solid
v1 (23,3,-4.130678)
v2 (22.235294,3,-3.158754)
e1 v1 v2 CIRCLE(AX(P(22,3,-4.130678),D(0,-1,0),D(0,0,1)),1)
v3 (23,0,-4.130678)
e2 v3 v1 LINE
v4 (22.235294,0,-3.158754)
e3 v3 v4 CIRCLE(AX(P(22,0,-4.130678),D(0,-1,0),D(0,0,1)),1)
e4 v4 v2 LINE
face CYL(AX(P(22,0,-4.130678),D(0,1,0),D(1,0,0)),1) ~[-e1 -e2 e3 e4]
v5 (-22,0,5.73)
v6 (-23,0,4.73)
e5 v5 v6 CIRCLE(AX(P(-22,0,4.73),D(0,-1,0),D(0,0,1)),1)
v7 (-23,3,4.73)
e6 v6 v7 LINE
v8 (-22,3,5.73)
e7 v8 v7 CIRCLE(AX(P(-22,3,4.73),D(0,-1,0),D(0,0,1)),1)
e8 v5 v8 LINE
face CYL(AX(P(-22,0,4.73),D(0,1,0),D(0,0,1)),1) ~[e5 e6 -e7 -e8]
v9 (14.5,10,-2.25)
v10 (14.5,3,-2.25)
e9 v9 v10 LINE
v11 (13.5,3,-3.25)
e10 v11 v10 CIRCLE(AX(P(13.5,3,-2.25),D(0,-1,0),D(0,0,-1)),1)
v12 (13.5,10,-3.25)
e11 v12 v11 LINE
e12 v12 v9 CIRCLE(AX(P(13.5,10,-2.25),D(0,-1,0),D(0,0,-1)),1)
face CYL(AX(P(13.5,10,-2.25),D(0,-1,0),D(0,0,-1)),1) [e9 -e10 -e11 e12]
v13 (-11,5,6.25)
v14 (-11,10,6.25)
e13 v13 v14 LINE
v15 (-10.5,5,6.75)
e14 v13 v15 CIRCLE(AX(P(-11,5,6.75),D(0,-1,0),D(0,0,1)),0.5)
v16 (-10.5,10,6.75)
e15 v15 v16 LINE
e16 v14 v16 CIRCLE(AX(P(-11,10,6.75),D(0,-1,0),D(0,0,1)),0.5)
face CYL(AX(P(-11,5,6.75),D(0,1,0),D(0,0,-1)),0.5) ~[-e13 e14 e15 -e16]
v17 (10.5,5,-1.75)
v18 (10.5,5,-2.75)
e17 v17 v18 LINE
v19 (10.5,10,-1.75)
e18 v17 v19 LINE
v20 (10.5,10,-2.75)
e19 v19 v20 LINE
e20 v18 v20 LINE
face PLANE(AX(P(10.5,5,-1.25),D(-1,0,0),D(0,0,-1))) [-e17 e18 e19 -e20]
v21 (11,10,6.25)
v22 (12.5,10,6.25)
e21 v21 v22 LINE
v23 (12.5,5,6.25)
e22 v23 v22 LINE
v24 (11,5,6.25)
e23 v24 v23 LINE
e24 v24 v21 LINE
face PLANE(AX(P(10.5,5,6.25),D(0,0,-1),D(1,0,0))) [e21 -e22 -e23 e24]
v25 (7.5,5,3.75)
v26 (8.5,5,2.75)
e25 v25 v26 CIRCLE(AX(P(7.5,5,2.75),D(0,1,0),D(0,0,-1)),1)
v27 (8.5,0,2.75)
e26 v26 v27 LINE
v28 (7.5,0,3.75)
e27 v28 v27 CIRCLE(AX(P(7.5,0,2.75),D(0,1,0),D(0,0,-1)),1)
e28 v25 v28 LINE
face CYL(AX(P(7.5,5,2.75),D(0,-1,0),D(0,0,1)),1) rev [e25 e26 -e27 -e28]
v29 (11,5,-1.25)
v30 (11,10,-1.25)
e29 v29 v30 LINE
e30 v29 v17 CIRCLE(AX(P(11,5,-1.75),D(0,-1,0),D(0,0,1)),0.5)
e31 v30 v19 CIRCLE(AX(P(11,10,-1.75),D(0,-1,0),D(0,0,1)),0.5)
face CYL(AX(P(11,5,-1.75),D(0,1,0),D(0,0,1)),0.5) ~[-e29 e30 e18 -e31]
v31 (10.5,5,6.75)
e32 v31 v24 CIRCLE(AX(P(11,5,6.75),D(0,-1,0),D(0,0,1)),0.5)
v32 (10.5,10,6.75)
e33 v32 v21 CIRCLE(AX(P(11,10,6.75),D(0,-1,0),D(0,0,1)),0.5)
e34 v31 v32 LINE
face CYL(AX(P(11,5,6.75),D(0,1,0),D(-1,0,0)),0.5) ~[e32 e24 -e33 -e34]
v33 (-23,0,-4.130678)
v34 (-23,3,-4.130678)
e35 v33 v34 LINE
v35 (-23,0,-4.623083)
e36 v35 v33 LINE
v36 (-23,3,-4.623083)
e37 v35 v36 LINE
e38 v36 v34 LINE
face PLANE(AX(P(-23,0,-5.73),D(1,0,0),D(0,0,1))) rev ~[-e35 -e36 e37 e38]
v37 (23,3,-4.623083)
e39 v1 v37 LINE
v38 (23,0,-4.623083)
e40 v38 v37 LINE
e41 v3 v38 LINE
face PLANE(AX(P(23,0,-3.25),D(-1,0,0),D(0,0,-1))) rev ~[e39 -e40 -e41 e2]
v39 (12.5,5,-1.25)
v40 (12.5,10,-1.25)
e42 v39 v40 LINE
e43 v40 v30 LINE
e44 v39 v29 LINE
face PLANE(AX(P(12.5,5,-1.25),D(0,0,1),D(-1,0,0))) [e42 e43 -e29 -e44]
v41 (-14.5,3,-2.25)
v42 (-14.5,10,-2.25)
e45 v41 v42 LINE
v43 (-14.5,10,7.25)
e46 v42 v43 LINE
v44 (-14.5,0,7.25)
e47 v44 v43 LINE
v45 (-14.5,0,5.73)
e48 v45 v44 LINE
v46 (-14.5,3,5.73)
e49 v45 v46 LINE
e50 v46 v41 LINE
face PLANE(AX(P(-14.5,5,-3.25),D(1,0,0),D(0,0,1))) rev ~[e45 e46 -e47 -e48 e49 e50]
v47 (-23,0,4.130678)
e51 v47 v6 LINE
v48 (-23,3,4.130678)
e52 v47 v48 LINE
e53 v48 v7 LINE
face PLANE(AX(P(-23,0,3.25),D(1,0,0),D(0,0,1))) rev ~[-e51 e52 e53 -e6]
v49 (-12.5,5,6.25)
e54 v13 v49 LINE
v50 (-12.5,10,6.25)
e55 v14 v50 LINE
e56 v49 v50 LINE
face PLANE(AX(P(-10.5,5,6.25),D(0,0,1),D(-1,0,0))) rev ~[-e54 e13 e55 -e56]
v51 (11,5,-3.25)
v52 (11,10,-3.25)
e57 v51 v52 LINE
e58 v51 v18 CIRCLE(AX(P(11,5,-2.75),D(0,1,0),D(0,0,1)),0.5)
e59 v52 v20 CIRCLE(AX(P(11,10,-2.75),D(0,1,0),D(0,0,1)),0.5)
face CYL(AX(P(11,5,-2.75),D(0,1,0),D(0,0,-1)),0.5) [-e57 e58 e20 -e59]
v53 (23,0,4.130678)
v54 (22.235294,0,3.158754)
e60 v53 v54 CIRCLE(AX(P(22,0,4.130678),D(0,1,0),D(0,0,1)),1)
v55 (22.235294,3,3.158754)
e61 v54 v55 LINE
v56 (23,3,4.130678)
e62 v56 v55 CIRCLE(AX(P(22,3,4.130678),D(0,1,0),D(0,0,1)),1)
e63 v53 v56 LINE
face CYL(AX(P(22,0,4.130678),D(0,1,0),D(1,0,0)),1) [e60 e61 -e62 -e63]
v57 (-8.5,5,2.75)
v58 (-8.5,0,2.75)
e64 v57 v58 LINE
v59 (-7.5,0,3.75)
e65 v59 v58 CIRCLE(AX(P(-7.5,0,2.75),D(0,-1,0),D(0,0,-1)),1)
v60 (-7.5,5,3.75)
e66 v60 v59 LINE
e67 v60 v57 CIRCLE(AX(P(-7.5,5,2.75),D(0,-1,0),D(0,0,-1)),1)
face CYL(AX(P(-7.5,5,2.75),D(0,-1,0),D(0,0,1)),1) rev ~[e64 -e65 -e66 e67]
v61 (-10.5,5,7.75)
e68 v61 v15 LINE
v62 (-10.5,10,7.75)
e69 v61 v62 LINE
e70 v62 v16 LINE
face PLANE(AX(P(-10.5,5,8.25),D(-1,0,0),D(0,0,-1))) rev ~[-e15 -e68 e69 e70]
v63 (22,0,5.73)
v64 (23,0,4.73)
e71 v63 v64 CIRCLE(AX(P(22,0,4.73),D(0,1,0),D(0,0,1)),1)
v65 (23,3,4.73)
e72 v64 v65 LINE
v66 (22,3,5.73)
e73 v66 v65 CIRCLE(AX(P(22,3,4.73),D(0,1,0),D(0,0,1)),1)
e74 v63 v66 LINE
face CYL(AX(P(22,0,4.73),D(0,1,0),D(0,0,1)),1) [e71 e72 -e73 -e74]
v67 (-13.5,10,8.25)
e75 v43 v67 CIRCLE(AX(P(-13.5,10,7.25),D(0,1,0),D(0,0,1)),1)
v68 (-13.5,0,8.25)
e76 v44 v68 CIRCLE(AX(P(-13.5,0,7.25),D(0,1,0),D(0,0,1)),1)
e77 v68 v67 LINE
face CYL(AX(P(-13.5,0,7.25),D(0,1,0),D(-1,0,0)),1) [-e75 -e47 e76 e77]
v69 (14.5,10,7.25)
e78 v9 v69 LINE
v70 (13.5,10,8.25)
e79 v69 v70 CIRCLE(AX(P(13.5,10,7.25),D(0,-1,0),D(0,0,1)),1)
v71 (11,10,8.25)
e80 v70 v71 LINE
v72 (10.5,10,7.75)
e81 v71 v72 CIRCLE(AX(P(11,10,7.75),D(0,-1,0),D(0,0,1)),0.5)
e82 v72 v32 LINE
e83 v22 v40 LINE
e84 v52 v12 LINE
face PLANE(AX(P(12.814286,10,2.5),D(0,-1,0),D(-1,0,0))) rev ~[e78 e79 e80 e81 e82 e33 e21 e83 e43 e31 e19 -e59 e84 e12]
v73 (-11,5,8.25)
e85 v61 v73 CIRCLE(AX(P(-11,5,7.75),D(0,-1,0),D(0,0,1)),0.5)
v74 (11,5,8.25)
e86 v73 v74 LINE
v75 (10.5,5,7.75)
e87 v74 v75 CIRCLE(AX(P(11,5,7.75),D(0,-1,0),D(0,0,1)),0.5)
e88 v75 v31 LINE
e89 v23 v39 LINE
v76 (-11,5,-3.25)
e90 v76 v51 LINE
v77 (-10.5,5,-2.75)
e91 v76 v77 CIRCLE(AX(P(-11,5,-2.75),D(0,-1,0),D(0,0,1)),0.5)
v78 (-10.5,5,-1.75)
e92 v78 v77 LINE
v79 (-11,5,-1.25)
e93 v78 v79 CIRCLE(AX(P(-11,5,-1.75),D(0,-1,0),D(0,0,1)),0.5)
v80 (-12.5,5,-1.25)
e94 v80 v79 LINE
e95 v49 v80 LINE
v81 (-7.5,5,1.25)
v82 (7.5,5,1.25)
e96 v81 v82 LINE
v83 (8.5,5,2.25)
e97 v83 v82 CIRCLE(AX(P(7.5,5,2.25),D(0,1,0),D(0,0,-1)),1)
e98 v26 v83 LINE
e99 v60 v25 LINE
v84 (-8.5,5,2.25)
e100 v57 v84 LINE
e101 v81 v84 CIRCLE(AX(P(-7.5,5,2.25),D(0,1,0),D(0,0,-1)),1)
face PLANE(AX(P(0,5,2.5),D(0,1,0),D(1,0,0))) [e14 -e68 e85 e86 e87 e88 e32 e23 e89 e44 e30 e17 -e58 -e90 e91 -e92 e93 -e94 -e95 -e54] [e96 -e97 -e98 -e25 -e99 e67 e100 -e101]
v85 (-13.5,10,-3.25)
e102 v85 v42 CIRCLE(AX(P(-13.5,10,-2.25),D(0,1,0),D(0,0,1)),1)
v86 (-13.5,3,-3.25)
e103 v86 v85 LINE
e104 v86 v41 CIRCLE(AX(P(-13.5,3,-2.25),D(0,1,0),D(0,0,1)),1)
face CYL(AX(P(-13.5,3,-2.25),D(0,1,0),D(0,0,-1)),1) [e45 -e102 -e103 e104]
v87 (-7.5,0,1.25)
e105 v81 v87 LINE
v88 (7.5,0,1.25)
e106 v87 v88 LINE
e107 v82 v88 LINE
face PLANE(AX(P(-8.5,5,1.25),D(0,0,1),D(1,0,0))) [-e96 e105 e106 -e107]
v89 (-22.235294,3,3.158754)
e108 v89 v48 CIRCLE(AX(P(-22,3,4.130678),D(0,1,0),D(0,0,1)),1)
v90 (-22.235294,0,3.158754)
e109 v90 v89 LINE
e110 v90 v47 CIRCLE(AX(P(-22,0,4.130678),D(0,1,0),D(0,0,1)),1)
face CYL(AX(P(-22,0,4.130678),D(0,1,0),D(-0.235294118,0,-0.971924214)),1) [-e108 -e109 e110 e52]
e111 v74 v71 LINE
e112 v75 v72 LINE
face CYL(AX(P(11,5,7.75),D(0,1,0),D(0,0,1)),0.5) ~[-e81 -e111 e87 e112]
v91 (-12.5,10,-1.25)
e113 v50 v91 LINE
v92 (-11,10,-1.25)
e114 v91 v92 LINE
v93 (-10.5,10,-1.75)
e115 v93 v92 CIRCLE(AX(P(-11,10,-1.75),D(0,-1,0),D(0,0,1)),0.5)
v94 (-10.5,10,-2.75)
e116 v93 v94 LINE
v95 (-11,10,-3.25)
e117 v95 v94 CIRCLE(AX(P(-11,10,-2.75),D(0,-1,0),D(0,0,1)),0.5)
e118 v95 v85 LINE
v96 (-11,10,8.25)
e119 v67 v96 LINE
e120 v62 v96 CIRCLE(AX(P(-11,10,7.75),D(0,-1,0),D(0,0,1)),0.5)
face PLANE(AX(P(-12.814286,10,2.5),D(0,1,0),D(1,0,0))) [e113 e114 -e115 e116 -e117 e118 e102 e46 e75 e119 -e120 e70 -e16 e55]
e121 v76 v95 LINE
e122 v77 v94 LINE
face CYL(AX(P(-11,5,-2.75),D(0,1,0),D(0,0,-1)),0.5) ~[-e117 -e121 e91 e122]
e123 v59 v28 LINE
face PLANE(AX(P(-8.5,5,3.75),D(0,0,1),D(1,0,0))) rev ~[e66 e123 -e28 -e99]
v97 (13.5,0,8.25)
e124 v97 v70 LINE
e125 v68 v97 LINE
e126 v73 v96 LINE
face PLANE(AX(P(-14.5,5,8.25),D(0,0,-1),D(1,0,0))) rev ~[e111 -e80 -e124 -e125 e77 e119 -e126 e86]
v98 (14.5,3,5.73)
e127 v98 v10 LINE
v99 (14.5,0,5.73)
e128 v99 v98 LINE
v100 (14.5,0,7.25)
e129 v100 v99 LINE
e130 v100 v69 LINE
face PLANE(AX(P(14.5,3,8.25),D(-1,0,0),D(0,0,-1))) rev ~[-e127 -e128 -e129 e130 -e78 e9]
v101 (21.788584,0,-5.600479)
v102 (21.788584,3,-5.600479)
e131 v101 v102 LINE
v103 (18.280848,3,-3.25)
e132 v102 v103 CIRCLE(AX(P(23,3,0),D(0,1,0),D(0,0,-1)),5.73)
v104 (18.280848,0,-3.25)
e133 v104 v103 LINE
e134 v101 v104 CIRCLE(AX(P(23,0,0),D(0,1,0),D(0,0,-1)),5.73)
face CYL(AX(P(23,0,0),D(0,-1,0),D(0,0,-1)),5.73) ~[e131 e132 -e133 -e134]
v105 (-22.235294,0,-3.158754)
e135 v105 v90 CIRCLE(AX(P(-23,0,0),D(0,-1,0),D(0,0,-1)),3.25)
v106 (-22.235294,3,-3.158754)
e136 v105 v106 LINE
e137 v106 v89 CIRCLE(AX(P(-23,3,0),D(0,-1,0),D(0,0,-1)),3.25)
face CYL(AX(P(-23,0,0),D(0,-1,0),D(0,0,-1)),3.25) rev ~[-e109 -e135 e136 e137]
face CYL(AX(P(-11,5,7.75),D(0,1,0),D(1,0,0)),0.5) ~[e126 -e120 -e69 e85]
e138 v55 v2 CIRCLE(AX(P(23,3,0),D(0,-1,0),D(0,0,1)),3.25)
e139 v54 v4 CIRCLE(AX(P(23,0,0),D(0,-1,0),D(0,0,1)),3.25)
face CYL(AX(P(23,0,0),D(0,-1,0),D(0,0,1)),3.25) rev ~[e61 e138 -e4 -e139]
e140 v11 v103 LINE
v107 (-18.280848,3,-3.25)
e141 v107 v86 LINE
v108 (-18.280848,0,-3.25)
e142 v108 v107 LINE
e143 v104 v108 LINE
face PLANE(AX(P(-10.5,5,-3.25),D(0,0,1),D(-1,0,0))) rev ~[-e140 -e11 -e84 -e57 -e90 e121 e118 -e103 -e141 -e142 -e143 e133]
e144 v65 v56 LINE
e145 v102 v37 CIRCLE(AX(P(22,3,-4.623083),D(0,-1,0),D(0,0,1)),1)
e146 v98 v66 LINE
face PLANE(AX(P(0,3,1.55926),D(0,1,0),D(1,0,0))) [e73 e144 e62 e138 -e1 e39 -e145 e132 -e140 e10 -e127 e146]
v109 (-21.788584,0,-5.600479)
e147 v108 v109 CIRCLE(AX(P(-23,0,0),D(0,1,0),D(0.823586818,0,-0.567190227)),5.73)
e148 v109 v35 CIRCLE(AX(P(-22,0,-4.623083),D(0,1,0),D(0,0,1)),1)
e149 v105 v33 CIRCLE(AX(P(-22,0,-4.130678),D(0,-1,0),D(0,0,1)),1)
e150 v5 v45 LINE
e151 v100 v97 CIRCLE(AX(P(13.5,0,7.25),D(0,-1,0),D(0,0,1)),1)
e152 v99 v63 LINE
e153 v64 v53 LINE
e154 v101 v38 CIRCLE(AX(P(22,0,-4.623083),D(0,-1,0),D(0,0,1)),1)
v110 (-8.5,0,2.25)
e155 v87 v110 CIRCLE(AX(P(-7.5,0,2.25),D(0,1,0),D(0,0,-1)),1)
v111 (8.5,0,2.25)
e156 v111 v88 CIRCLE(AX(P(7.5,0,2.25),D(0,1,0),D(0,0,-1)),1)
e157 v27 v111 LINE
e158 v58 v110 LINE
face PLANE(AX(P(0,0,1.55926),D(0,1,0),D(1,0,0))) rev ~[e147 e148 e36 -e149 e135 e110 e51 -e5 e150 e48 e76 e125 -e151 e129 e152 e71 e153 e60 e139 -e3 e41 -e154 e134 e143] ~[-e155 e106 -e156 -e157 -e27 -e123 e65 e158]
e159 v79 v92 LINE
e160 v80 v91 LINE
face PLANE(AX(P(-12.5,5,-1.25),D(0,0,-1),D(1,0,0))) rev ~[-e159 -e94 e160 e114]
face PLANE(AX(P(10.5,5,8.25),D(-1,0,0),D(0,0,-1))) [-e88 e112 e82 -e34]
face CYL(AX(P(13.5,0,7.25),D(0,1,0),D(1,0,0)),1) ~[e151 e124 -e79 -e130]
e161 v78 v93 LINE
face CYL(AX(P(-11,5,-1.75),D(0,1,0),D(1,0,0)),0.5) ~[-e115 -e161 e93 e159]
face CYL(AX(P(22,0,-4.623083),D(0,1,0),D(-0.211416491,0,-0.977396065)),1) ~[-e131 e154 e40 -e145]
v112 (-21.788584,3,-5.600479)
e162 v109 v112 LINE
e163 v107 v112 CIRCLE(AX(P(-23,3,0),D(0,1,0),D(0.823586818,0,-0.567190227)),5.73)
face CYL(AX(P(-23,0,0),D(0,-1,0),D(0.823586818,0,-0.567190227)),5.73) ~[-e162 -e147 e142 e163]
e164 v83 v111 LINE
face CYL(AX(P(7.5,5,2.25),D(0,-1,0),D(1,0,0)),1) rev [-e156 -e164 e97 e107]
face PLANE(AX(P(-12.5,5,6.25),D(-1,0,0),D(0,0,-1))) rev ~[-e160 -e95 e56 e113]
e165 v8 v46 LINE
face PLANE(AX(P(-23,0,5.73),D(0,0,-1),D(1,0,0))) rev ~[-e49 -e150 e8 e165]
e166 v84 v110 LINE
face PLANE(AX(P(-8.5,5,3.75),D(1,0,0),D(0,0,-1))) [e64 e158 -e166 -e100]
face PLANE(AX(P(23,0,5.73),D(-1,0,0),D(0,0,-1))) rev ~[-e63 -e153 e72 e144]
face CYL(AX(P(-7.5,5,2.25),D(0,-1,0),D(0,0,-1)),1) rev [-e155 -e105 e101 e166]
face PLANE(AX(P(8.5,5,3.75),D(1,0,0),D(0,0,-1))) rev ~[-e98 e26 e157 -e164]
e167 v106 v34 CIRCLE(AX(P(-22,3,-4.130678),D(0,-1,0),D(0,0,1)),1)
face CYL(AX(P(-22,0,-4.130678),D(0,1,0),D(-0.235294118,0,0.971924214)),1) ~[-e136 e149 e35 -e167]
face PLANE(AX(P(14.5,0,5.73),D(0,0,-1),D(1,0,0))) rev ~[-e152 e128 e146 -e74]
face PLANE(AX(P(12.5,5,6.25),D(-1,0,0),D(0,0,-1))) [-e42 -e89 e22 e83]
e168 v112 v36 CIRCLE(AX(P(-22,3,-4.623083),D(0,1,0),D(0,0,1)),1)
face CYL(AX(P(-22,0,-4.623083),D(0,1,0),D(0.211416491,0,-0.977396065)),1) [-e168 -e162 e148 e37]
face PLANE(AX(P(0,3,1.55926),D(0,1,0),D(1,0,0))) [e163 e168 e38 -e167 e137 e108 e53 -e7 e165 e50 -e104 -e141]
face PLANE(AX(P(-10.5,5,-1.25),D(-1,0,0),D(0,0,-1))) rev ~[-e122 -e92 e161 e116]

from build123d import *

# Parameters (mm, degrees)
MAIN_BODY_DEPTH            = 3
SKETCH2_W                  = 29
SKETCH2_H                  = 11.5
FAN_OFFSET_DEPTH           = 2
FAN_FRAME_DEPTH            = 5
SKETCH4_W                  = 17
SKETCH4_H                  = 2.5
SPEED_HOLE_DEPTH           = 6
CONTOURING_R               = 1
FIT_CLEARANCE_CONTOURING_R = 0.5


with BuildPart() as part:
    # Sketch1 → Main Body (new body)
    with BuildSketch(Plane(origin=(0, 0, 0), x_dir=(1, 0, 0), z_dir=(0, 1, 0))):
        with BuildLine():
            Line((-23, -3.25), (-23, -5.73))
            Line((-23, -5.73), (-14.5, -5.73))
            Line((-14.5, -5.73), (-14.5, -8.25))
            Line((-14.5, -8.25), (14.5, -8.25))
            Line((14.5, -8.25), (14.5, -5.73))
            Line((14.5, -5.73), (23, -5.73))
            Line((23, -5.73), (23, -3.25))
            ThreePointArc((23, -3.25), (19.75, 0), (23, 3.25))
            Line((23, 3.25), (23, 5.73))
            ThreePointArc((23, 5.73), (20.334441897, 5.072248022), (18.280847534, 3.25))
            Line((18.280847534, 3.25), (-18.280847534, 3.25))
            ThreePointArc((-18.280847534, 3.25), (-20.334441897, 5.072248022), (-23, 5.73))
            Line((-23, 5.73), (-23, 3.25))
            ThreePointArc((-23, 3.25), (-19.75, 0), (-23, -3.25))
        make_face()
    extrude(amount=MAIN_BODY_DEPTH)

    # Sketch2 → Fan Offset (add)
    with BuildSketch(Plane(origin=(0, 3, 0), x_dir=(1, 0, 0), z_dir=(0, 1, 0))):
        with Locations((0, -2.5)):
            Rectangle(SKETCH2_W, SKETCH2_H)
    extrude(amount=FAN_OFFSET_DEPTH)

    # Sketch3 → Fan Frame (add)
    with BuildSketch(Plane(origin=(0, 5, 0), x_dir=(1, 0, 0), z_dir=(0, 1, 0))):
        Polygon((-10.5, 3.25), (-14.5, 3.25), (-14.5, -8.25), (-10.5, -8.25), (-10.5, -6.25), (-12.5, -6.25), (-12.5, 1.25), (-10.5, 1.25), align=None)
        Polygon((12.5, -6.25), (12.5, 1.25), (10.5, 1.25), (10.5, 3.25), (14.5, 3.25), (14.5, -8.25), (10.5, -8.25), (10.5, -6.25), align=None)
    extrude(amount=FAN_FRAME_DEPTH)

    # Sketch4 → Speed Hole (cut, through all)
    with BuildSketch(Plane(origin=(0, 5, 0), x_dir=(1, 0, 0), z_dir=(0, 1, 0))):
        with Locations((0, -2.5)):
            Rectangle(SKETCH4_W, SKETCH4_H)
    extrude(amount=-SPEED_HOLE_DEPTH, mode=Mode.SUBTRACT)

    # Contouring
    contouring_edges = [part.edges().sort_by_distance(p)[0] for p in [
        (-14.5, 6.5, -3.25),
        (14.5, 6.5, -3.25),
        (14.5, 5, 8.25),
        (-14.5, 5, 8.25),
        (23, 1.5, 5.73),
        (23, 1.5, 3.25),
        (23, 1.5, -3.25),
        (23, 1.5, -5.73),
        (-23, 1.5, 5.73),
        (-23, 1.5, 3.25),
        (-23, 1.5, -3.25),
        (-23, 1.5, -5.73),
        (-8.5, 2.5, 1.25),
        (-8.5, 2.5, 3.75),
        (8.5, 2.5, 3.75),
        (8.5, 2.5, 1.25),
    ]]
    fillet(contouring_edges, radius=CONTOURING_R)

    # Fit Clearance - Contouring
    fit_clearance_contouring_edges = [part.edges().sort_by_distance(p)[0] for p in [
        (10.5, 7.5, -3.25),
        (-10.5, 7.5, -3.25),
        (-10.5, 7.5, 8.25),
        (-10.5, 7.5, 6.25),
        (10.5, 7.5, 8.25),
        (10.5, 7.5, 6.25),
        (10.5, 7.5, -1.25),
        (-10.5, 7.5, -1.25),
    ]]
    fillet(fit_clearance_contouring_edges, radius=FIT_CLEARANCE_CONTOURING_R)


solid = part.part
